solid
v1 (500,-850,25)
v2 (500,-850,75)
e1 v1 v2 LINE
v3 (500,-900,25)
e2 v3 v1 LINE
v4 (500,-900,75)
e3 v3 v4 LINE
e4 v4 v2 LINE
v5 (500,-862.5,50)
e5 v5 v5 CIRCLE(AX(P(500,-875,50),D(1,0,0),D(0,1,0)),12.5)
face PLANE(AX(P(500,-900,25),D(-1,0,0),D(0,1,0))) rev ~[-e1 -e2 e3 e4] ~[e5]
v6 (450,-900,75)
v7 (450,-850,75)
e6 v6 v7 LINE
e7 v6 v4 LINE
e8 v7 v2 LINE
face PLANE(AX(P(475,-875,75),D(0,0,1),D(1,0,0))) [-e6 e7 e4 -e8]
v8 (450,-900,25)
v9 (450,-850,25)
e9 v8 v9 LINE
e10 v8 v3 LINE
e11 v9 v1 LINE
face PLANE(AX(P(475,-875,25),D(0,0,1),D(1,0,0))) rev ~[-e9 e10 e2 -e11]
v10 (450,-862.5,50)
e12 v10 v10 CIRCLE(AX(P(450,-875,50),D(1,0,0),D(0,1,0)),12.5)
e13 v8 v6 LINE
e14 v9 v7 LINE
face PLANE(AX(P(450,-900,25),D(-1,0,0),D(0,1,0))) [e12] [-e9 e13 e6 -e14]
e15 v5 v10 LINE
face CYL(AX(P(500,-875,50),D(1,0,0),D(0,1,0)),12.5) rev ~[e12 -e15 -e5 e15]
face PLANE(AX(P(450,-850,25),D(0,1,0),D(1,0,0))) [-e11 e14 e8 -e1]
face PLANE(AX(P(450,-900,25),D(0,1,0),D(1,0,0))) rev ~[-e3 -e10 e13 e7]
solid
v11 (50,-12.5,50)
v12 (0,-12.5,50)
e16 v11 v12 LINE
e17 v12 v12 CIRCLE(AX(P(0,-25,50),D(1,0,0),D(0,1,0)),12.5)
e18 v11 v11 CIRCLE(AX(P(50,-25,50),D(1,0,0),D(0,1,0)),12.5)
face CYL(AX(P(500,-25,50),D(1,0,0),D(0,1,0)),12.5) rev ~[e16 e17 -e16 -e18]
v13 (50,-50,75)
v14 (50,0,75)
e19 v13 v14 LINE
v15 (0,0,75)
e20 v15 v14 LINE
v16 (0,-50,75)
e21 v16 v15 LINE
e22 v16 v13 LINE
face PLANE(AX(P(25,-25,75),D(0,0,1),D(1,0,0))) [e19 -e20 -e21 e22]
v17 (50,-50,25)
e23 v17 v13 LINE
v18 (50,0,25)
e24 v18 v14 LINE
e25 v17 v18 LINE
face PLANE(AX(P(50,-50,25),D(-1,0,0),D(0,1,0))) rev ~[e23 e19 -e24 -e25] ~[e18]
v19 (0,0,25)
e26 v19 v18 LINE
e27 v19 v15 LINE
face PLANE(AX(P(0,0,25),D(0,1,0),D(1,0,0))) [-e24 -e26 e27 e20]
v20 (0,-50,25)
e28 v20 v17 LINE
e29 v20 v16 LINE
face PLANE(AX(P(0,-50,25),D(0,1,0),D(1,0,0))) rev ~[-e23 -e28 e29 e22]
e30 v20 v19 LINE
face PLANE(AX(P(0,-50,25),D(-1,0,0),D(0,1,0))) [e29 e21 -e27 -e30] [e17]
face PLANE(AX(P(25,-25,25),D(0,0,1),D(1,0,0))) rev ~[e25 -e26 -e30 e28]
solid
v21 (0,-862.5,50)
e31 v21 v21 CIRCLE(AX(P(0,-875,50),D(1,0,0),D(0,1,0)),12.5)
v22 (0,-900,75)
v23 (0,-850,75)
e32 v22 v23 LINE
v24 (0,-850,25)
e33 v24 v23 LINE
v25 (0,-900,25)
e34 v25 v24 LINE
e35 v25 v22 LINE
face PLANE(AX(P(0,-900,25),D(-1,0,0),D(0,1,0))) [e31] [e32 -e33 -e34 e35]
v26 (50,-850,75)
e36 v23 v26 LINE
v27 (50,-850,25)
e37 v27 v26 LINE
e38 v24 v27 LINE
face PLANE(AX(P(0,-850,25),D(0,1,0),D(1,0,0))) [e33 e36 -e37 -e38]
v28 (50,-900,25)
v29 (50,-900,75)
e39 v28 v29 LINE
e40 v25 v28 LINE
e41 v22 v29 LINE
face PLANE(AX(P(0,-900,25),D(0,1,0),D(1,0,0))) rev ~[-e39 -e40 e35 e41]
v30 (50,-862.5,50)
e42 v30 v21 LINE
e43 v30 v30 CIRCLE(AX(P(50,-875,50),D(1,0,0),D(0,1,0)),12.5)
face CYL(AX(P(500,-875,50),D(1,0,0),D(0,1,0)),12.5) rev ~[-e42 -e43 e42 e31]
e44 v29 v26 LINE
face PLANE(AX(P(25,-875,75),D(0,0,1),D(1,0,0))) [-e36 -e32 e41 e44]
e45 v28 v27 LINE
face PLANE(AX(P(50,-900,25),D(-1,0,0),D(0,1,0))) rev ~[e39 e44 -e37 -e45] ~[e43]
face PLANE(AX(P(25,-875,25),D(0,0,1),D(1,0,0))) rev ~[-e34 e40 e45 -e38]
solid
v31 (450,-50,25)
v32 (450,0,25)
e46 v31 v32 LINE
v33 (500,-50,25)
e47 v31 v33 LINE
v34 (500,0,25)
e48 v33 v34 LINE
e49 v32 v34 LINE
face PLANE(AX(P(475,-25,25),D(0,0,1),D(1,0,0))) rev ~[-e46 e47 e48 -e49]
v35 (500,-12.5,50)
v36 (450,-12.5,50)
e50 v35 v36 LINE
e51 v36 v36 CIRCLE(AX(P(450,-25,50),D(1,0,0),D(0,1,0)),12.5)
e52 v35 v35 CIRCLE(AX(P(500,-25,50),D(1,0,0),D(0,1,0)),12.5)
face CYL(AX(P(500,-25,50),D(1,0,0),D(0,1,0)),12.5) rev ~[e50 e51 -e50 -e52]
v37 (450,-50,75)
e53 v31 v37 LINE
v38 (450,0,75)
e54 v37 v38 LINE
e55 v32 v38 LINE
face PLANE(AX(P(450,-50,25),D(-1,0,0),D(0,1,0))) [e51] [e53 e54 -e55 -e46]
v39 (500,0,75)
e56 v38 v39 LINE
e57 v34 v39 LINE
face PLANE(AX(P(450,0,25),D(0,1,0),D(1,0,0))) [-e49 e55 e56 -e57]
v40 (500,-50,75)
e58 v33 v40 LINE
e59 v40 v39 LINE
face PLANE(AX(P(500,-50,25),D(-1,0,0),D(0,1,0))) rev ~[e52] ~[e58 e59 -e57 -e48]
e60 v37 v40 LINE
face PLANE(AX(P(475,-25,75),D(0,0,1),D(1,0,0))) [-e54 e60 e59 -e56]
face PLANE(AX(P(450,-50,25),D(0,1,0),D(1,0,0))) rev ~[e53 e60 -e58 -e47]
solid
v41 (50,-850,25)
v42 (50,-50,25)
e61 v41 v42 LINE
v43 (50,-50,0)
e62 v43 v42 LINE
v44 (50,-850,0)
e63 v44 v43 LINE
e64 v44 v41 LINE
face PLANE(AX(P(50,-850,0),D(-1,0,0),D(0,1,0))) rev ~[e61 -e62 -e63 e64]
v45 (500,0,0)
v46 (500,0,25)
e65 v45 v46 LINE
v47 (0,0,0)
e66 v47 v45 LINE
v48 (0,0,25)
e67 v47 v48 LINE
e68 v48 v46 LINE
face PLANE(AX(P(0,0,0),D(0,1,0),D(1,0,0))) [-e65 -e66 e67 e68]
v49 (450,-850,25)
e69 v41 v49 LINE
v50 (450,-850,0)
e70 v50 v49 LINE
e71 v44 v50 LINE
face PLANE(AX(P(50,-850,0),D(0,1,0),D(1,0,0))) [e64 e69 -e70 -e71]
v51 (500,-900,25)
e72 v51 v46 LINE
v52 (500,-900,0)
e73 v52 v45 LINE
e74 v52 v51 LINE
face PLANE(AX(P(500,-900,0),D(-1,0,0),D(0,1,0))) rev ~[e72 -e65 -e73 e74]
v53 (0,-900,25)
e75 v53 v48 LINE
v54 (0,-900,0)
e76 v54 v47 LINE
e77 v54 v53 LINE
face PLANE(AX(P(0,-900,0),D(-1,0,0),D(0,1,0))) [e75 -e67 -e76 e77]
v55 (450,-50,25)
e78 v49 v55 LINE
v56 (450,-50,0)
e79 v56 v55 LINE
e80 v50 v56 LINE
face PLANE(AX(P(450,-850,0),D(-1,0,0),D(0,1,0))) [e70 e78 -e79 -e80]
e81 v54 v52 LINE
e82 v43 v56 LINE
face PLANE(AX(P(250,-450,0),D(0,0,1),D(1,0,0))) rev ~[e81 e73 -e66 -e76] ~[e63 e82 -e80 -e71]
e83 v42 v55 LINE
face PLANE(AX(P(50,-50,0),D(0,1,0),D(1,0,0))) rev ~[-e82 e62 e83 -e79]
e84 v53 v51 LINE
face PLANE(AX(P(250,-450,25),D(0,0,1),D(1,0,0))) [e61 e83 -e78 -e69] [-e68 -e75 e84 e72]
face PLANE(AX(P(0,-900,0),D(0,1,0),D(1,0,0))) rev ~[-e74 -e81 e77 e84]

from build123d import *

# Parameters (mm, degrees)
F0_W     = 500
F0_H     = 900
F0_W_2   = 400
F0_H_2   = 800
F1_DEPTH = 25
F2_W     = 50
F2_H     = 50
F3_DEPTH = 50
F4_R     = 12.5
F5_DEPTH = 500.001
F6_R     = 12.5
F7_DEPTH = 500.001


with BuildPart() as f1:
    # F0 (on Top) → F1 (new body)
    with BuildSketch(Plane.XY):
        with Locations((250, -450)):
            Rectangle(F0_W, F0_H)
        with Locations((250, -450)):
            Rectangle(F0_W_2, F0_H_2, mode=Mode.SUBTRACT)
    extrude(amount=F1_DEPTH)


with BuildPart() as f3:
    # F2 (on face) → F3 (new body)
    with BuildSketch(Plane.XY.offset(25)):
        with Locations((25, -875)):
            Rectangle(F2_W, F2_H)
        with Locations((25, -25)):
            Rectangle(F2_W, F2_H)
        with Locations((475, -25)):
            Rectangle(F2_W, F2_H)
        with Locations((475, -875)):
            Rectangle(F2_W, F2_H)
    extrude(amount=F3_DEPTH)

    # F4 (on face) → F5 (cut, through all)
    with BuildSketch(Plane.YZ.offset(500)):
        with Locations((-875, 50)):
            Circle(F4_R)
    extrude(amount=-F5_DEPTH, mode=Mode.SUBTRACT)

    # F6 (on face) → F7 (cut, through all)
    with BuildSketch(Plane.YZ.offset(500)):
        with Locations((-25, 50)):
            Circle(F6_R)
    extrude(amount=-F7_DEPTH, mode=Mode.SUBTRACT)


solid = Compound([f1.part, f3.part])
